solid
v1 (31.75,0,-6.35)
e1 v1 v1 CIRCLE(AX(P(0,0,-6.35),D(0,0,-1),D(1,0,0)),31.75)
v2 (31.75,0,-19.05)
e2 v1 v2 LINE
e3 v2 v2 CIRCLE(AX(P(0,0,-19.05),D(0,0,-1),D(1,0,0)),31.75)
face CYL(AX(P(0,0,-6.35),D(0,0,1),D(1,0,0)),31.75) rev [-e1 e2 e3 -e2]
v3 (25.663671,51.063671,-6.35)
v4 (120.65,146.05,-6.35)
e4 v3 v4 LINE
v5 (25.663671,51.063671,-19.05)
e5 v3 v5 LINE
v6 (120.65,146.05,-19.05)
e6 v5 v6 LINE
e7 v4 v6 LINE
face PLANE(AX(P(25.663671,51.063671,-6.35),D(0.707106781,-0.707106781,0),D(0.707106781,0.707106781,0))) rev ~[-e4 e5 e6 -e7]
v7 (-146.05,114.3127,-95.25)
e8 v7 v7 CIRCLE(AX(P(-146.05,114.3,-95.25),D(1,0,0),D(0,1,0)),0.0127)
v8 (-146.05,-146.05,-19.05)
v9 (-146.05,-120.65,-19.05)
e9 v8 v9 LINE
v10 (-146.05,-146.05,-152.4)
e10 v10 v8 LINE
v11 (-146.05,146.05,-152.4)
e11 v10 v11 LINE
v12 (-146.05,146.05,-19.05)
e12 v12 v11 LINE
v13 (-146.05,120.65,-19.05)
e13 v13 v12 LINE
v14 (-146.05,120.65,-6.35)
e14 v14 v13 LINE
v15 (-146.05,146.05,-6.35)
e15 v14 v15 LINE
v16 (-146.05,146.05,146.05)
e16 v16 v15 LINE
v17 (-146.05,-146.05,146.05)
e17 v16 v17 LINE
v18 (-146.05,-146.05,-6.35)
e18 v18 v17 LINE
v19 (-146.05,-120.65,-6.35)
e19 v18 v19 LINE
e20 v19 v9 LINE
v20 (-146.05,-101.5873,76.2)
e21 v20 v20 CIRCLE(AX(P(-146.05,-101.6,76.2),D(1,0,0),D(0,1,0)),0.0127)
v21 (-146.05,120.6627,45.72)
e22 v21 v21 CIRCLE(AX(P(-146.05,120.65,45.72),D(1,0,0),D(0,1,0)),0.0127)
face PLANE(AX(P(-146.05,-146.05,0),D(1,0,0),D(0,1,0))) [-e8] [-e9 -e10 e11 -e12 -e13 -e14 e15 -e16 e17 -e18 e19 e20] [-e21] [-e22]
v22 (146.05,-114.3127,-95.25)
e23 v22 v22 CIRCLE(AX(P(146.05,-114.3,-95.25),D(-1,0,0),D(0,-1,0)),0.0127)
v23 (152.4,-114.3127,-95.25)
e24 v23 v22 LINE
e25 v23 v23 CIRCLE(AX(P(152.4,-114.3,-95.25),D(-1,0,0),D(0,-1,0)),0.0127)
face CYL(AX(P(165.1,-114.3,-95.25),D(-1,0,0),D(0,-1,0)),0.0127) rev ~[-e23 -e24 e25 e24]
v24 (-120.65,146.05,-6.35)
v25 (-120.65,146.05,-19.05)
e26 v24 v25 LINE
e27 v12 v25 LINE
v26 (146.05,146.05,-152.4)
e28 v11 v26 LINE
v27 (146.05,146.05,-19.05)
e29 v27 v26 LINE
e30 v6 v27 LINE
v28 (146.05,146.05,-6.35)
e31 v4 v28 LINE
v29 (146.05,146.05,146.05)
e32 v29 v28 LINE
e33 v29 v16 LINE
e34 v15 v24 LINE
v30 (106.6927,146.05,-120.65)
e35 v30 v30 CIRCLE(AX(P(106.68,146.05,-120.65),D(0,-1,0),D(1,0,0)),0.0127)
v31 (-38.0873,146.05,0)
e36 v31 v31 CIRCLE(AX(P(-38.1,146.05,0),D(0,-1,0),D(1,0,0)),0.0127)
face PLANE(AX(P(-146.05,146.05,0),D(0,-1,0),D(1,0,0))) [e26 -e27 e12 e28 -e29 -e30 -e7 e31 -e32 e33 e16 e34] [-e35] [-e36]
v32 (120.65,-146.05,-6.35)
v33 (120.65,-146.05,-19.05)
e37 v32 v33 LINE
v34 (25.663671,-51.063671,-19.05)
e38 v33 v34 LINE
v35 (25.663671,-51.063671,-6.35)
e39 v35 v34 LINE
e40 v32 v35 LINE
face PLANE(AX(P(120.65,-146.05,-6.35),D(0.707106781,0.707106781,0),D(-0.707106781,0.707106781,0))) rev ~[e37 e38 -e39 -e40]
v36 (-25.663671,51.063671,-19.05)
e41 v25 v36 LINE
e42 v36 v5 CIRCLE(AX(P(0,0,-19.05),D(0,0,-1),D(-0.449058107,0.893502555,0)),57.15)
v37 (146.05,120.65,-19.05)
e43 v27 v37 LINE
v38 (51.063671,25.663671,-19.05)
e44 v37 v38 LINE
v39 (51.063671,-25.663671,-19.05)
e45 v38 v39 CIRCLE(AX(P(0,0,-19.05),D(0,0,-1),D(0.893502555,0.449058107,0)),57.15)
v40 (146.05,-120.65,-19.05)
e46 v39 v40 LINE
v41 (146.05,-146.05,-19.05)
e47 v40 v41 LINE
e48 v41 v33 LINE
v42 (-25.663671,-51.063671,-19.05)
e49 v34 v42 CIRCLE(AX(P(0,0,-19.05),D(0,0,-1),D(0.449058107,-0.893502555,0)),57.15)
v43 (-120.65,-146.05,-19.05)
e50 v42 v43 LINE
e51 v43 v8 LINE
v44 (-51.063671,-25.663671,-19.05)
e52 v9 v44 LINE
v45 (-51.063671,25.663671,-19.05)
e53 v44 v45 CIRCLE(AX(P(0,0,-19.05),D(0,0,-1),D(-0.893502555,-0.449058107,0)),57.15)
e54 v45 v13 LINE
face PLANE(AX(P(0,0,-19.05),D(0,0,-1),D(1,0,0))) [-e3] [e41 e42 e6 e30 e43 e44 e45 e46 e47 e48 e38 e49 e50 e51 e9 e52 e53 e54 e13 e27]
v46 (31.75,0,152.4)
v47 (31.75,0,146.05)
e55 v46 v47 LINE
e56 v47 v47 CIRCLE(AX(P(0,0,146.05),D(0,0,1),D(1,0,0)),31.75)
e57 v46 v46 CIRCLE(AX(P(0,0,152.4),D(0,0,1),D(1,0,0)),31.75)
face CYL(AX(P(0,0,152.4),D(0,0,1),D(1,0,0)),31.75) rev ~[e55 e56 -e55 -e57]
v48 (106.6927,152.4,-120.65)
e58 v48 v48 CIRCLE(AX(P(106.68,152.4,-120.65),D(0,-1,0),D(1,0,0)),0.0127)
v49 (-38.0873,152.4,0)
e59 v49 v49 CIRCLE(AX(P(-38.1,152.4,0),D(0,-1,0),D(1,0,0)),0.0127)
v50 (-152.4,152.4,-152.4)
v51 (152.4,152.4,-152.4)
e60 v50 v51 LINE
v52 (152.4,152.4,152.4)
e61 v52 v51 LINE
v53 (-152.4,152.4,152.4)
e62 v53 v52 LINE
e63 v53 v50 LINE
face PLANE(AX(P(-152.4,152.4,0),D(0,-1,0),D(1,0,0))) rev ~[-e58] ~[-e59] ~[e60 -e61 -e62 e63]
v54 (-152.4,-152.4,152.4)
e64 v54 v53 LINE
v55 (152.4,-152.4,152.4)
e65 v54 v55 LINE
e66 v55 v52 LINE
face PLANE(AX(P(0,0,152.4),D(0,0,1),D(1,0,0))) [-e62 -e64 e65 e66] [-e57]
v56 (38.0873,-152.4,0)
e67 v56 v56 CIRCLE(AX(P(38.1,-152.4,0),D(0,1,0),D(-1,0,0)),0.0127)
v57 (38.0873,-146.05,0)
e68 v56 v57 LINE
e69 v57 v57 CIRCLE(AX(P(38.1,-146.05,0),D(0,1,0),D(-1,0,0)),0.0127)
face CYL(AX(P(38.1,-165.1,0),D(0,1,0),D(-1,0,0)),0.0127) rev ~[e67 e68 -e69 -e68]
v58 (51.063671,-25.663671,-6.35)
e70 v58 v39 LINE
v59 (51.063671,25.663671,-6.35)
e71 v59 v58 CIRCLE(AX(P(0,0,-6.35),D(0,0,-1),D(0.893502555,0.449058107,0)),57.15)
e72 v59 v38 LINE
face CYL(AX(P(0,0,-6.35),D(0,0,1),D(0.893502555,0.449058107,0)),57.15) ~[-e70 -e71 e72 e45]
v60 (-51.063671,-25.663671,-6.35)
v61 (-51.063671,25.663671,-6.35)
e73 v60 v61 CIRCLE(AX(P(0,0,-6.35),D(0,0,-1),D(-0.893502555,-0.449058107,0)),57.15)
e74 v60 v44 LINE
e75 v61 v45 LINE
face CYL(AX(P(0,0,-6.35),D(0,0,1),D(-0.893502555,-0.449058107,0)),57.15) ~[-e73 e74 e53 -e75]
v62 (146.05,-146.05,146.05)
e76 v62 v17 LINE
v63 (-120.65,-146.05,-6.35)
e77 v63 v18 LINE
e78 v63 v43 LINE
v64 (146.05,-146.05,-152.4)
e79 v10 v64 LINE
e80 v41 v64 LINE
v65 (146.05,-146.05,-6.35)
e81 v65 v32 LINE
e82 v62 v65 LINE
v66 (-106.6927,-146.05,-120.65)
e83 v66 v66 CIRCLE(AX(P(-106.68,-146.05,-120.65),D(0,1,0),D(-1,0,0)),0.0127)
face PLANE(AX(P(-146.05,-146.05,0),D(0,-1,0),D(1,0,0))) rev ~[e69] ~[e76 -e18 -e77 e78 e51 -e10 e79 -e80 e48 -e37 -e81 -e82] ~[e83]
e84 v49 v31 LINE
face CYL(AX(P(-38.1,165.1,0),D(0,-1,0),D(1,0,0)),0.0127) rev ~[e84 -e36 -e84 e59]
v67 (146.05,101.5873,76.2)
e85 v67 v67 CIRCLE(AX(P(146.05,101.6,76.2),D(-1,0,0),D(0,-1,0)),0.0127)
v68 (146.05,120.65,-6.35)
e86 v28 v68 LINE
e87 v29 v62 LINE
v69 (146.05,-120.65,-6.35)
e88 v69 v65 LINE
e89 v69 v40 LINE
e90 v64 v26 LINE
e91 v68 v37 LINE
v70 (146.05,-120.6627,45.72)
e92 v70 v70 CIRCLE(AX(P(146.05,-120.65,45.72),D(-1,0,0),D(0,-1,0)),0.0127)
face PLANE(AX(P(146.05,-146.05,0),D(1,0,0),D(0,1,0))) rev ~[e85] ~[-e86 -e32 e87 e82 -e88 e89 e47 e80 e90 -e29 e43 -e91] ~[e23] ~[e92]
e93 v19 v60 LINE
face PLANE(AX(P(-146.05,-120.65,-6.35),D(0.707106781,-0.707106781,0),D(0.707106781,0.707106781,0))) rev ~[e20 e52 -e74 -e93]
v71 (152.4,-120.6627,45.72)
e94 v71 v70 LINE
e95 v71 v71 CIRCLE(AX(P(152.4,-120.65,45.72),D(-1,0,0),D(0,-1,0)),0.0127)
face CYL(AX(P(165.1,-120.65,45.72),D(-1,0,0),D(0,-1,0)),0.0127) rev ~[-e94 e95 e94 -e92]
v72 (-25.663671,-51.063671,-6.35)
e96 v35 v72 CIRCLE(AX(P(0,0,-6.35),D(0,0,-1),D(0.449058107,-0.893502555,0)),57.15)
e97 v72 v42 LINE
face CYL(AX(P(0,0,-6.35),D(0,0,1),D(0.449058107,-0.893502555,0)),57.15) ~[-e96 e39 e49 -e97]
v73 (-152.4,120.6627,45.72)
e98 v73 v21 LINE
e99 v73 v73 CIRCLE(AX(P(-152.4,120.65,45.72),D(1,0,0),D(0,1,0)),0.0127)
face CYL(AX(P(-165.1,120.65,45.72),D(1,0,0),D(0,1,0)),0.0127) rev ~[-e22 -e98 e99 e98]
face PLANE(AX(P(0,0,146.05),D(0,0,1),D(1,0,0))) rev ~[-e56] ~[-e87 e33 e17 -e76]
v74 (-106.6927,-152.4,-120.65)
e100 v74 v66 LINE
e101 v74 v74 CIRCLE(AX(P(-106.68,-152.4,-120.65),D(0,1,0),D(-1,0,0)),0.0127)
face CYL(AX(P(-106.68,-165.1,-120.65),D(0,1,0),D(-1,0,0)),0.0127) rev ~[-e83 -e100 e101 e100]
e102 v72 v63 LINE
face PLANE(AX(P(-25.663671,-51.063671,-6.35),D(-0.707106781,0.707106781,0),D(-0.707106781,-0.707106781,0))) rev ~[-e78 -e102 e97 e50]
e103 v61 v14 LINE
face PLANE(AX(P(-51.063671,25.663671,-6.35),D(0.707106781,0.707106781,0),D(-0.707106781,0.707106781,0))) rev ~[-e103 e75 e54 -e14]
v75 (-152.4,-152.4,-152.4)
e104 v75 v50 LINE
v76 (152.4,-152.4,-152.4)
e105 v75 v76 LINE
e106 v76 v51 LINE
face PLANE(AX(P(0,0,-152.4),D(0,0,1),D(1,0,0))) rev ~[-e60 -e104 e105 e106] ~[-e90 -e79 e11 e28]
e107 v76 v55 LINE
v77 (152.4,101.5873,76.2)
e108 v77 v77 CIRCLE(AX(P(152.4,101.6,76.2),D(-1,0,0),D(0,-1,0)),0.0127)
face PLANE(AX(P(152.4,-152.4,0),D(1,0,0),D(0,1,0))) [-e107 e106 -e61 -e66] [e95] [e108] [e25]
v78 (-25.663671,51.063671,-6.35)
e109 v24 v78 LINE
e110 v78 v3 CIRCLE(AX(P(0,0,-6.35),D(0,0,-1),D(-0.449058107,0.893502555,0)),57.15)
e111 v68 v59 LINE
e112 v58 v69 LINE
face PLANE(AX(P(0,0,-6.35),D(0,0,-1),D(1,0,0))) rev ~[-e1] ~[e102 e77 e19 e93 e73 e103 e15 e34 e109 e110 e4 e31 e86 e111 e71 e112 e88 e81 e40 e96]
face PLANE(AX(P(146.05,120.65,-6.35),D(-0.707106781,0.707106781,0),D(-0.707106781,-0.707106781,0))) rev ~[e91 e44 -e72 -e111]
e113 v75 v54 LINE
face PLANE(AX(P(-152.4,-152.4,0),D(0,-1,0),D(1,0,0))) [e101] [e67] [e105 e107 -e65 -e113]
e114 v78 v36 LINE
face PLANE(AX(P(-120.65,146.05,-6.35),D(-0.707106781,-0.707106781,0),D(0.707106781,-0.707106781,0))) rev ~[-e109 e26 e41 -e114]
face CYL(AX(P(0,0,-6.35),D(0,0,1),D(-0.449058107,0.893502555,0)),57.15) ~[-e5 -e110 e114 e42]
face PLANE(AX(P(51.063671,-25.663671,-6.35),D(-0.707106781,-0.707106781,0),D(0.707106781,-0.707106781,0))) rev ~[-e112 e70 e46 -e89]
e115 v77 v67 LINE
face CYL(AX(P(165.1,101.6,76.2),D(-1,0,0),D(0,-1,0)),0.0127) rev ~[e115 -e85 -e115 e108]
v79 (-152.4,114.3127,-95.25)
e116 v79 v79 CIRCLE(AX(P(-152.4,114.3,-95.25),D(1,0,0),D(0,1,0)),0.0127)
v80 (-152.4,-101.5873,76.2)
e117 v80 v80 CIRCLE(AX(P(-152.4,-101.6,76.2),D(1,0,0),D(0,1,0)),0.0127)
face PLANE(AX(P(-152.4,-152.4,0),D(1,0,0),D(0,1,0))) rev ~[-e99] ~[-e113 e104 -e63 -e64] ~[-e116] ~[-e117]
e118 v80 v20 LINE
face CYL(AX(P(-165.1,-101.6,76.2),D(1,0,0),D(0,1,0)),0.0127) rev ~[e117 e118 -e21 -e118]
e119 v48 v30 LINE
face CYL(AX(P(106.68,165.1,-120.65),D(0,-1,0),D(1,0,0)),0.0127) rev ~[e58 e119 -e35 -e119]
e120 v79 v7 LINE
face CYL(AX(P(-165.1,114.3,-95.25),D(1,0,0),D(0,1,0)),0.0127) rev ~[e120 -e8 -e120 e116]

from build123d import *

# Parameters (mm, degrees)
F0_W      = 304.8
F0_H      = 304.8
F0_W_2    = 292.1
F0_H_2    = 292.1
F1_DEPTH  = 152.4
F2_W      = 304.8
F2_H      = 304.8
F3_DEPTH  = 6.35
F5_D      = 0.0254
F5_DEPTH  = 12.7
F6_D      = 0.0254
F6_DEPTH  = 12.7
F8_D      = 0.0254
F8_DEPTH  = 12.7
F9_D      = 0.0254
F9_DEPTH  = 12.7
F12_D     = 0.0254
F12_DEPTH = 12.7
F13_D     = 0.0254
F13_DEPTH = 12.7
F14_D     = 0.0254
F14_DEPTH = 12.7
F15_D     = 0.0254
F15_DEPTH = 12.7
F16_D     = 0.0254
F16_DEPTH = 12.7
F17_D     = 0.0254
F17_DEPTH = 12.7
F19_R     = 31.75
F20_DEPTH = 12.7
F21_R     = 31.75
F22_DEPTH = 25.4


with BuildPart() as f1:
    # F0 (on Top) → F1 (new body, symmetric)
    with BuildSketch(Plane.XY):
        Rectangle(F0_W, F0_H)
        Rectangle(F0_W_2, F0_H_2, mode=Mode.SUBTRACT)
    extrude(amount=F1_DEPTH, both=True)

    # F2 (on face) → F3 (join)
    with BuildSketch(Plane.XY.offset(152.4)):
        Rectangle(F2_W, F2_H)
    extrude(amount=-F3_DEPTH)

    # F5
    with Locations(Plane(origin=(0, 152.4, 0), x_dir=(-1, 0, 0), z_dir=(0, 1, 0))):
        with Locations((38.1, 0)):
            Hole(F5_D / 2, depth=F5_DEPTH)

    # F6
    with Locations(Plane(origin=(0, 152.4, 0), x_dir=(-1, 0, 0), z_dir=(0, 1, 0))):
        with Locations((-106.68, -120.65)):
            Hole(F6_D / 2, depth=F6_DEPTH)

    # F8
    with Locations(Plane.XZ.offset(152.4)):
        with Locations((-106.68, -120.65)):
            Hole(F8_D / 2, depth=F8_DEPTH)

    # F9
    with Locations(Plane.XZ.offset(152.4)):
        with Locations((38.1, 0)):
            Hole(F9_D / 2, depth=F9_DEPTH)

    # F12
    with Locations(Plane.YZ.offset(152.4)):
        with Locations((-114.3, -95.25)):
            Hole(F12_D / 2, depth=F12_DEPTH)

    # F13
    with Locations(Plane.YZ.offset(152.4)):
        with Locations((-120.65, 45.72)):
            Hole(F13_D / 2, depth=F13_DEPTH)

    # F14
    with Locations(Plane(origin=(-152.4, 0, 0), x_dir=(0, -1, 0), z_dir=(-1, 0, 0))):
        with Locations((-114.3, -95.25)):
            Hole(F14_D / 2, depth=F14_DEPTH)

    # F15
    with Locations(Plane(origin=(-152.4, 0, 0), x_dir=(0, -1, 0), z_dir=(-1, 0, 0))):
        with Locations((-120.65, 45.72)):
            Hole(F15_D / 2, depth=F15_DEPTH)

    # F16
    with Locations(Plane(origin=(-152.4, 0, 0), x_dir=(0, -1, 0), z_dir=(-1, 0, 0))):
        with Locations((101.6, 76.2)):
            Hole(F16_D / 2, depth=F16_DEPTH)

    # F17
    with Locations(Plane.YZ.offset(152.4)):
        with Locations((101.6, 76.2)):
            Hole(F17_D / 2, depth=F17_DEPTH)

    # F19 (on offset) → F20 (join)
    with BuildSketch(Plane(origin=(0, 0, -6.35), x_dir=(1, 0, 0), z_dir=(0, 0, -1))):
        with BuildLine():
            Line((120.65, -146.05), (146.05, -146.05))
            Line((146.05, -146.05), (146.05, -120.65))
            Line((146.05, -120.65), (51.063671, -25.663671))
            ThreePointArc((51.063671, -25.663671), (57.15, 0), (51.063671, 25.663671))
            Line((51.063671, 25.663671), (146.05, 120.65))
            Line((146.05, 120.65), (146.05, 146.05))
            Line((146.05, 146.05), (120.65, 146.05))
            Line((120.65, 146.05), (25.663671, 51.063671))
            ThreePointArc((25.663671, 51.063671), (0, 57.15), (-25.663671, 51.063671))
            Line((-25.663671, 51.063671), (-120.65, 146.05))
            Line((-120.65, 146.05), (-146.05, 146.05))
            Line((-146.05, 146.05), (-146.05, 120.65))
            Line((-146.05, 120.65), (-51.063671, 25.663671))
            ThreePointArc((-51.063671, 25.663671), (-57.15, 0), (-51.063671, -25.663671))
            Line((-51.063671, -25.663671), (-146.05, -120.65))
            Line((-146.05, -120.65), (-146.05, -146.05))
            Line((-146.05, -146.05), (-120.65, -146.05))
            Line((-120.65, -146.05), (-25.663671, -51.063671))
            ThreePointArc((-25.663671, -51.063671), (0, -57.15), (25.663671, -51.063671))
            Line((25.663671, -51.063671), (120.65, -146.05))
        make_face()
        Circle(F19_R, mode=Mode.SUBTRACT)
    extrude(amount=F20_DEPTH)

    # F21 (on face) → F22 (cut)
    with BuildSketch(Plane.XY.offset(152.4)):
        Circle(F21_R)
    extrude(amount=-F22_DEPTH, mode=Mode.SUBTRACT)


solid = f1.part
